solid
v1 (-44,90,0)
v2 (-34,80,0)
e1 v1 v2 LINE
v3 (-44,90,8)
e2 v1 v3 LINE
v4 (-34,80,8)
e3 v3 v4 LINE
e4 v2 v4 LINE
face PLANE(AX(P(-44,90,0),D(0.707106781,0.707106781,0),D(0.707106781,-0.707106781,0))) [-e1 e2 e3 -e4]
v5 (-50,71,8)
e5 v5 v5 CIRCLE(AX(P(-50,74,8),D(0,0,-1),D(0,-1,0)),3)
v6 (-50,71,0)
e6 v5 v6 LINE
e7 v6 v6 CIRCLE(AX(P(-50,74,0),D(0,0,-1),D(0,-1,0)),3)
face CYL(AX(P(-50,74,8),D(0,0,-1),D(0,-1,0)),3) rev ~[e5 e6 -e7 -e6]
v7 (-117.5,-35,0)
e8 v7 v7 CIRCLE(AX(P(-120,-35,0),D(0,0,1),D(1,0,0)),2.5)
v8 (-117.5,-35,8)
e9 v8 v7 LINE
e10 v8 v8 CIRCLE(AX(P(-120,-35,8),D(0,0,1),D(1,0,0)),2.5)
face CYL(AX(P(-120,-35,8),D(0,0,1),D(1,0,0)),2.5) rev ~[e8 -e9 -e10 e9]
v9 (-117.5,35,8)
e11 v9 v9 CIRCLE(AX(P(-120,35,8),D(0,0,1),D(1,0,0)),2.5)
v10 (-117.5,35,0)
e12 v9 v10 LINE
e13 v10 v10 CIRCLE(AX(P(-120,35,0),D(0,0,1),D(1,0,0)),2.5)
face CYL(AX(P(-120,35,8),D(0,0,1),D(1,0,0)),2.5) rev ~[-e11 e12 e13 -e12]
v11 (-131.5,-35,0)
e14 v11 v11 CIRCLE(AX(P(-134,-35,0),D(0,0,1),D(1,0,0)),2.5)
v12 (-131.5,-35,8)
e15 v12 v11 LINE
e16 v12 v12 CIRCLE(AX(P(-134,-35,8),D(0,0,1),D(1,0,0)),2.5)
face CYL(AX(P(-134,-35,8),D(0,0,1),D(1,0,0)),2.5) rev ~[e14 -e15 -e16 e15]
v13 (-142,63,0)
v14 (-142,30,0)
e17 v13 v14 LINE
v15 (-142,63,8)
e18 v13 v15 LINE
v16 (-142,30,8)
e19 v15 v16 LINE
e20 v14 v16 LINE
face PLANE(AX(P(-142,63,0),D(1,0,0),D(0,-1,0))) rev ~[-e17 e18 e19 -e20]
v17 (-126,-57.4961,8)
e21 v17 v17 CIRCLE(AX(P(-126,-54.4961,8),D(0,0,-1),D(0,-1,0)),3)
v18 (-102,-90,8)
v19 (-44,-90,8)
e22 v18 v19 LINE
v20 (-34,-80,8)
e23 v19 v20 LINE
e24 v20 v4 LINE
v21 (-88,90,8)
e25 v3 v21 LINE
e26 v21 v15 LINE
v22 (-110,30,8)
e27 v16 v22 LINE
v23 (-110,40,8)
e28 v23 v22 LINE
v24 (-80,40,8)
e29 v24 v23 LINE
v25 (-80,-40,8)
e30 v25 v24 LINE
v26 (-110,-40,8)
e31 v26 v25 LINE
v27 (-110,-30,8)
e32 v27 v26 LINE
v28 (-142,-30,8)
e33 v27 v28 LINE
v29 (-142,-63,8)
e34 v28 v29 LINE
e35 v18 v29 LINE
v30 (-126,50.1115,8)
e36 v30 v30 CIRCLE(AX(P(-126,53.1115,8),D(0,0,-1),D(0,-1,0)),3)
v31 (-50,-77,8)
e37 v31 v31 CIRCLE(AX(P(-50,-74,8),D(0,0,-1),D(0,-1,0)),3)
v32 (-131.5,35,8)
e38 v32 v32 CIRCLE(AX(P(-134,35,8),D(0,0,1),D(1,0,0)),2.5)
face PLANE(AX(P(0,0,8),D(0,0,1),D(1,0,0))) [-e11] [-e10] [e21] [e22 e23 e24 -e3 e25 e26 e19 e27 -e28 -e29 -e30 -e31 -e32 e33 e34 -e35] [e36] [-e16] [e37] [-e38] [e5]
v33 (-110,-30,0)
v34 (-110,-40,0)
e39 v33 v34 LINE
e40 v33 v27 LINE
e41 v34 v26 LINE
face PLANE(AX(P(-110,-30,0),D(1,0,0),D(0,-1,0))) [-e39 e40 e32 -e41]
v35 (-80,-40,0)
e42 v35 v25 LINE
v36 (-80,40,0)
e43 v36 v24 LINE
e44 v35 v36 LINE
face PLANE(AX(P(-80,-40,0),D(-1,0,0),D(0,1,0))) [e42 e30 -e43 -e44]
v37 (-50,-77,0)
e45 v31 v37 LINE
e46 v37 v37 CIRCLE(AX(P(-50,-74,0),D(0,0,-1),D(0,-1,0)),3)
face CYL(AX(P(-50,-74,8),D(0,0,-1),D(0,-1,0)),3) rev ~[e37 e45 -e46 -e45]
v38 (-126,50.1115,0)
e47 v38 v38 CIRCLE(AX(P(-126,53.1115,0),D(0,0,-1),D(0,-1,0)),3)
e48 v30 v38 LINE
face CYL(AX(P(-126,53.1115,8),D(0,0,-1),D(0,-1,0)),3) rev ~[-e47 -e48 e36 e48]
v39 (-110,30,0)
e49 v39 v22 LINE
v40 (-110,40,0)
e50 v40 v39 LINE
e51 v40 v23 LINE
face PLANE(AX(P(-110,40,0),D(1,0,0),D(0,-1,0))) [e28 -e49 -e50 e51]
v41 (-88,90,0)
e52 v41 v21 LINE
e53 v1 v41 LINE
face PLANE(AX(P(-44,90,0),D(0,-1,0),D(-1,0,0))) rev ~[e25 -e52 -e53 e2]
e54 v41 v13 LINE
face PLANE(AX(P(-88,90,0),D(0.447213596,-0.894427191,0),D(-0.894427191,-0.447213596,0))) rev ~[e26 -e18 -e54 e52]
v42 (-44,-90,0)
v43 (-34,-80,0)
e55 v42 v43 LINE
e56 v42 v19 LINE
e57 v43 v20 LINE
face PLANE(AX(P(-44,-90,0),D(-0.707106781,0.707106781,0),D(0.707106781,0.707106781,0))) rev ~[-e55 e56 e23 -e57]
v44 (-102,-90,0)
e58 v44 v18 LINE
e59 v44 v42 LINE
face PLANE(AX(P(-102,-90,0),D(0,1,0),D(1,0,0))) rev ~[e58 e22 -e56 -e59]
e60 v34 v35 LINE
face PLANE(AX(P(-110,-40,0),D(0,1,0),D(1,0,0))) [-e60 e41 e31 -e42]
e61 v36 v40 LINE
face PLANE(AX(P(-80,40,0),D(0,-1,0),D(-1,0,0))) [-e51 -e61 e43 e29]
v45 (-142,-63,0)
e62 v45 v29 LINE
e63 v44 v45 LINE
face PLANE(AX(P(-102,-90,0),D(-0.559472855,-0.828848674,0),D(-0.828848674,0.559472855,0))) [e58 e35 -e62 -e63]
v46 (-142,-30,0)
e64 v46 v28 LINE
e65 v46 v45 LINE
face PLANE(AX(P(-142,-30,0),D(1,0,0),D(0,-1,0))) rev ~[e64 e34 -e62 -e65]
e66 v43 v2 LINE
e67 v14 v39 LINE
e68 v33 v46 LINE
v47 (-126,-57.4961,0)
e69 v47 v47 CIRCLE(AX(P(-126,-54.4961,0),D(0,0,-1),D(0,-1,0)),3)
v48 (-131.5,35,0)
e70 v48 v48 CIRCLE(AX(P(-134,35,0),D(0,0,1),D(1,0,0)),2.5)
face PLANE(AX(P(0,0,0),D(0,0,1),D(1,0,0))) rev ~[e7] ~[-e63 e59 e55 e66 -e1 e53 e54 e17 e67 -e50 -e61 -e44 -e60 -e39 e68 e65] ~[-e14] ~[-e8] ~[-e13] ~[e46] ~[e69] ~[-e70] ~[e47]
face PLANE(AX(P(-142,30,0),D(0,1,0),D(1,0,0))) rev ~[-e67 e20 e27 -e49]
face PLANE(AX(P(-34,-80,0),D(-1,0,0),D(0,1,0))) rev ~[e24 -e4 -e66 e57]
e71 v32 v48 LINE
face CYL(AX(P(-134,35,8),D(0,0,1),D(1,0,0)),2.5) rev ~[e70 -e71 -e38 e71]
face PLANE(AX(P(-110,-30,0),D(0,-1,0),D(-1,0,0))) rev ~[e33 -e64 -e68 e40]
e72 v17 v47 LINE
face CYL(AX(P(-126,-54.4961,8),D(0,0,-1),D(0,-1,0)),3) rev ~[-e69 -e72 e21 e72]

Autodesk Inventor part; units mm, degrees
ref_plane "YZ Plane" through (0, 0, 0) normal (1, 0, 0) x (0, 1, 0)
ref_plane "XZ Plane" through (0, 0, 0) normal (0, 1, 0) x (-1, 0, 0)
ref_plane "XY Plane" through (0, 0, 0) normal (0, 0, 1) x (1, 0, 0)
sketch "Esquisse1" plane through (0, 0, 0) normal (0, 0, 1) x (1, 0, 0)
  line L0 (-44, 90) -> (-88, 90)
  line L1 (-102, -90) -> (-44, -90)
  line L2 (-34, -80) -> (-34, 80)
  line L3 (-88, 90) -> (-142, 63)
  line L4 (-102, -90) -> (-142, -63)
  line L5 (-44, 90) -> (-34, 80)
  line L6 (-44, -90) -> (-34, -80)
  line L7 (-80, 40) -> (-110, 40)
  line L8 (-110, -40) -> (-80, -40)
  line L9 (-80, -40) -> (-80, 40)
  line L10 (-142, 30) -> (-110, 30)
  line L11 (-110, -30) -> (-142, -30)
  line L12 (-142, 63) -> (-142, 30)
  line L13 (-142, -30) -> (-142, -63)
  line L14 (-110, 40) -> (-110, 30)
  line L15 (-110, -30) -> (-110, -40)
  line L16 (346.6566, 90) -> (-88, 90)
  point P0 (0, 0)
  point P1 (-34, 90)
  point P2 (-142, -90)
  point P3 (-142, 90)
  point P4 (-34, -90)
  dimension "d10" = 180
  dimension "d15" = 54
  dimension "d16" = 27
  dimension "d17" = 40
  dimension "d18" = 27
  dimension "d19" = 10
  dimension "d20" = 10
  dimension "d21" = 10
  dimension "d22" = 10
  dimension "d23" = 80
  dimension "d25" = 40
  dimension "d26" = 46
  dimension "d28" = 60
  dimension "d29" = 30
  dimension "d53" = 108
  dimension "d55" = 90
  dimension "d56" = 80
  dimension "d75" = 108
  dimension "d76" = 108
  dimension "d77" = 76
  dimension "d79" = 32
  dimension "d97" = 90
extrude "Plaque" add sketch "Esquisse1" along normal blind 8
sketch "Esquisse2" plane through (0, 0, 8) normal (0, 0, 1) x (1, 0, 0)
  line L0 (-80, 40) -> (-80, -40) projected
  line L1 (-80, -40) -> (-110, -40) projected
  line L2 (-110, 30) -> (-110, 40) projected
  line L3 (-110, 40) -> (-80, 40) projected
  line L4 (-88, 90) -> (-142, 63) projected
  line L5 (-142, 63) -> (-142, 30) projected
  line L6 (-142, 30) -> (-110, 30) projected
  line L7 (-110, -30) -> (-142, -30) projected
  line L8 (-142, -30) -> (-142, -63) projected
  line L9 (-142, -63) -> (-102, -90) projected
  line L10 (-102, -90) -> (-44, -90) projected
  line L11 (-44, -90) -> (-34, -80) projected
  line L12 (-34, -80) -> (-34, 80) projected
  line L13 (-34, 80) -> (-44, 90) projected
  line L14 (-44, 90) -> (-88, 90) projected
  circle A0 centre (-120, -35) radius 2.5
  circle A1 centre (-134, -35) radius 2.5
  circle A2 centre (-120, 35) radius 2.5
  circle A3 centre (-134, 35) radius 2.5
  line L15 (-110, -40) -> (-110, -30) projected
  dimension "d33" = 5
  dimension "d34" = 5
  dimension "d35" = 5
  dimension "d36" = 5
  dimension "d38" = 5
  dimension "d39" = 5
  dimension "d40" = 5
  dimension "d41" = 5
  dimension "d42" = 14
  dimension "d43" = 14
  dimension "d80" = 10
  dimension "d81" = 10
  dimension "d82" = 8
extrude "Extrusion2" cut sketch "Esquisse2" against normal up to next contours A0 | A1 | A2 | A3
sketch "Esquisse4" plane through (0, 0, 8) normal (0, 0, 1) x (1, 0, 0)
  circle A0 centre (-120, 35) radius 2.5 projected
  circle A1 centre (-120, -35) radius 2.5 projected
  circle A2 centre (-134, -35) radius 2.5 projected
  circle A3 centre (-134, 35) radius 2.5 projected
  line L0 (-88, 90) -> (-142, 63) projected
  line L1 (-142, 63) -> (-142, 30) projected
  line L2 (-142, 30) -> (-110, 30) projected
  line L3 (-110, 30) -> (-110, 40) projected
  line L4 (-110, 40) -> (-80, 40) projected
  line L5 (-80, 40) -> (-80, -40) projected
  line L6 (-80, -40) -> (-110, -40) projected
  line L7 (-110, -40) -> (-110, -30) projected
  line L8 (-110, -30) -> (-142, -30) projected
  line L9 (-142, -30) -> (-142, -63) projected
  line L10 (-142, -63) -> (-102, -90) projected
  line L11 (-102, -90) -> (-44, -90) projected
  line L12 (-44, -90) -> (-34, -80) projected
  line L13 (-34, -80) -> (-34, 80) projected
  line L14 (-34, 80) -> (-44, 90) projected
  line L15 (-44, 90) -> (-88, 90) projected
  line L16 (-126, 53.1115) -> (-84.2229, 74)
  line L17 (-84.2229, 74) -> (-50, 74)
  line L18 (-50, -74) -> (-97.1054, -74)
  line L19 (-97.1054, -74) -> (-126, -54.4961)
  point P0 (0, 0)
  dimension "d106" = 16
hole "Perçage3" at (-126, 53.1115, 8) at (-50, 74, 8) at (-50, -74, 8) at (-126, -54.4961, 8) direction (0, 0, -1) diameter 6 end through all
equation "\"d20\" = d19"
equation "\"d21\" = d19"
equation "\"d22\" = d21"
properties part number "Support_Roue"
